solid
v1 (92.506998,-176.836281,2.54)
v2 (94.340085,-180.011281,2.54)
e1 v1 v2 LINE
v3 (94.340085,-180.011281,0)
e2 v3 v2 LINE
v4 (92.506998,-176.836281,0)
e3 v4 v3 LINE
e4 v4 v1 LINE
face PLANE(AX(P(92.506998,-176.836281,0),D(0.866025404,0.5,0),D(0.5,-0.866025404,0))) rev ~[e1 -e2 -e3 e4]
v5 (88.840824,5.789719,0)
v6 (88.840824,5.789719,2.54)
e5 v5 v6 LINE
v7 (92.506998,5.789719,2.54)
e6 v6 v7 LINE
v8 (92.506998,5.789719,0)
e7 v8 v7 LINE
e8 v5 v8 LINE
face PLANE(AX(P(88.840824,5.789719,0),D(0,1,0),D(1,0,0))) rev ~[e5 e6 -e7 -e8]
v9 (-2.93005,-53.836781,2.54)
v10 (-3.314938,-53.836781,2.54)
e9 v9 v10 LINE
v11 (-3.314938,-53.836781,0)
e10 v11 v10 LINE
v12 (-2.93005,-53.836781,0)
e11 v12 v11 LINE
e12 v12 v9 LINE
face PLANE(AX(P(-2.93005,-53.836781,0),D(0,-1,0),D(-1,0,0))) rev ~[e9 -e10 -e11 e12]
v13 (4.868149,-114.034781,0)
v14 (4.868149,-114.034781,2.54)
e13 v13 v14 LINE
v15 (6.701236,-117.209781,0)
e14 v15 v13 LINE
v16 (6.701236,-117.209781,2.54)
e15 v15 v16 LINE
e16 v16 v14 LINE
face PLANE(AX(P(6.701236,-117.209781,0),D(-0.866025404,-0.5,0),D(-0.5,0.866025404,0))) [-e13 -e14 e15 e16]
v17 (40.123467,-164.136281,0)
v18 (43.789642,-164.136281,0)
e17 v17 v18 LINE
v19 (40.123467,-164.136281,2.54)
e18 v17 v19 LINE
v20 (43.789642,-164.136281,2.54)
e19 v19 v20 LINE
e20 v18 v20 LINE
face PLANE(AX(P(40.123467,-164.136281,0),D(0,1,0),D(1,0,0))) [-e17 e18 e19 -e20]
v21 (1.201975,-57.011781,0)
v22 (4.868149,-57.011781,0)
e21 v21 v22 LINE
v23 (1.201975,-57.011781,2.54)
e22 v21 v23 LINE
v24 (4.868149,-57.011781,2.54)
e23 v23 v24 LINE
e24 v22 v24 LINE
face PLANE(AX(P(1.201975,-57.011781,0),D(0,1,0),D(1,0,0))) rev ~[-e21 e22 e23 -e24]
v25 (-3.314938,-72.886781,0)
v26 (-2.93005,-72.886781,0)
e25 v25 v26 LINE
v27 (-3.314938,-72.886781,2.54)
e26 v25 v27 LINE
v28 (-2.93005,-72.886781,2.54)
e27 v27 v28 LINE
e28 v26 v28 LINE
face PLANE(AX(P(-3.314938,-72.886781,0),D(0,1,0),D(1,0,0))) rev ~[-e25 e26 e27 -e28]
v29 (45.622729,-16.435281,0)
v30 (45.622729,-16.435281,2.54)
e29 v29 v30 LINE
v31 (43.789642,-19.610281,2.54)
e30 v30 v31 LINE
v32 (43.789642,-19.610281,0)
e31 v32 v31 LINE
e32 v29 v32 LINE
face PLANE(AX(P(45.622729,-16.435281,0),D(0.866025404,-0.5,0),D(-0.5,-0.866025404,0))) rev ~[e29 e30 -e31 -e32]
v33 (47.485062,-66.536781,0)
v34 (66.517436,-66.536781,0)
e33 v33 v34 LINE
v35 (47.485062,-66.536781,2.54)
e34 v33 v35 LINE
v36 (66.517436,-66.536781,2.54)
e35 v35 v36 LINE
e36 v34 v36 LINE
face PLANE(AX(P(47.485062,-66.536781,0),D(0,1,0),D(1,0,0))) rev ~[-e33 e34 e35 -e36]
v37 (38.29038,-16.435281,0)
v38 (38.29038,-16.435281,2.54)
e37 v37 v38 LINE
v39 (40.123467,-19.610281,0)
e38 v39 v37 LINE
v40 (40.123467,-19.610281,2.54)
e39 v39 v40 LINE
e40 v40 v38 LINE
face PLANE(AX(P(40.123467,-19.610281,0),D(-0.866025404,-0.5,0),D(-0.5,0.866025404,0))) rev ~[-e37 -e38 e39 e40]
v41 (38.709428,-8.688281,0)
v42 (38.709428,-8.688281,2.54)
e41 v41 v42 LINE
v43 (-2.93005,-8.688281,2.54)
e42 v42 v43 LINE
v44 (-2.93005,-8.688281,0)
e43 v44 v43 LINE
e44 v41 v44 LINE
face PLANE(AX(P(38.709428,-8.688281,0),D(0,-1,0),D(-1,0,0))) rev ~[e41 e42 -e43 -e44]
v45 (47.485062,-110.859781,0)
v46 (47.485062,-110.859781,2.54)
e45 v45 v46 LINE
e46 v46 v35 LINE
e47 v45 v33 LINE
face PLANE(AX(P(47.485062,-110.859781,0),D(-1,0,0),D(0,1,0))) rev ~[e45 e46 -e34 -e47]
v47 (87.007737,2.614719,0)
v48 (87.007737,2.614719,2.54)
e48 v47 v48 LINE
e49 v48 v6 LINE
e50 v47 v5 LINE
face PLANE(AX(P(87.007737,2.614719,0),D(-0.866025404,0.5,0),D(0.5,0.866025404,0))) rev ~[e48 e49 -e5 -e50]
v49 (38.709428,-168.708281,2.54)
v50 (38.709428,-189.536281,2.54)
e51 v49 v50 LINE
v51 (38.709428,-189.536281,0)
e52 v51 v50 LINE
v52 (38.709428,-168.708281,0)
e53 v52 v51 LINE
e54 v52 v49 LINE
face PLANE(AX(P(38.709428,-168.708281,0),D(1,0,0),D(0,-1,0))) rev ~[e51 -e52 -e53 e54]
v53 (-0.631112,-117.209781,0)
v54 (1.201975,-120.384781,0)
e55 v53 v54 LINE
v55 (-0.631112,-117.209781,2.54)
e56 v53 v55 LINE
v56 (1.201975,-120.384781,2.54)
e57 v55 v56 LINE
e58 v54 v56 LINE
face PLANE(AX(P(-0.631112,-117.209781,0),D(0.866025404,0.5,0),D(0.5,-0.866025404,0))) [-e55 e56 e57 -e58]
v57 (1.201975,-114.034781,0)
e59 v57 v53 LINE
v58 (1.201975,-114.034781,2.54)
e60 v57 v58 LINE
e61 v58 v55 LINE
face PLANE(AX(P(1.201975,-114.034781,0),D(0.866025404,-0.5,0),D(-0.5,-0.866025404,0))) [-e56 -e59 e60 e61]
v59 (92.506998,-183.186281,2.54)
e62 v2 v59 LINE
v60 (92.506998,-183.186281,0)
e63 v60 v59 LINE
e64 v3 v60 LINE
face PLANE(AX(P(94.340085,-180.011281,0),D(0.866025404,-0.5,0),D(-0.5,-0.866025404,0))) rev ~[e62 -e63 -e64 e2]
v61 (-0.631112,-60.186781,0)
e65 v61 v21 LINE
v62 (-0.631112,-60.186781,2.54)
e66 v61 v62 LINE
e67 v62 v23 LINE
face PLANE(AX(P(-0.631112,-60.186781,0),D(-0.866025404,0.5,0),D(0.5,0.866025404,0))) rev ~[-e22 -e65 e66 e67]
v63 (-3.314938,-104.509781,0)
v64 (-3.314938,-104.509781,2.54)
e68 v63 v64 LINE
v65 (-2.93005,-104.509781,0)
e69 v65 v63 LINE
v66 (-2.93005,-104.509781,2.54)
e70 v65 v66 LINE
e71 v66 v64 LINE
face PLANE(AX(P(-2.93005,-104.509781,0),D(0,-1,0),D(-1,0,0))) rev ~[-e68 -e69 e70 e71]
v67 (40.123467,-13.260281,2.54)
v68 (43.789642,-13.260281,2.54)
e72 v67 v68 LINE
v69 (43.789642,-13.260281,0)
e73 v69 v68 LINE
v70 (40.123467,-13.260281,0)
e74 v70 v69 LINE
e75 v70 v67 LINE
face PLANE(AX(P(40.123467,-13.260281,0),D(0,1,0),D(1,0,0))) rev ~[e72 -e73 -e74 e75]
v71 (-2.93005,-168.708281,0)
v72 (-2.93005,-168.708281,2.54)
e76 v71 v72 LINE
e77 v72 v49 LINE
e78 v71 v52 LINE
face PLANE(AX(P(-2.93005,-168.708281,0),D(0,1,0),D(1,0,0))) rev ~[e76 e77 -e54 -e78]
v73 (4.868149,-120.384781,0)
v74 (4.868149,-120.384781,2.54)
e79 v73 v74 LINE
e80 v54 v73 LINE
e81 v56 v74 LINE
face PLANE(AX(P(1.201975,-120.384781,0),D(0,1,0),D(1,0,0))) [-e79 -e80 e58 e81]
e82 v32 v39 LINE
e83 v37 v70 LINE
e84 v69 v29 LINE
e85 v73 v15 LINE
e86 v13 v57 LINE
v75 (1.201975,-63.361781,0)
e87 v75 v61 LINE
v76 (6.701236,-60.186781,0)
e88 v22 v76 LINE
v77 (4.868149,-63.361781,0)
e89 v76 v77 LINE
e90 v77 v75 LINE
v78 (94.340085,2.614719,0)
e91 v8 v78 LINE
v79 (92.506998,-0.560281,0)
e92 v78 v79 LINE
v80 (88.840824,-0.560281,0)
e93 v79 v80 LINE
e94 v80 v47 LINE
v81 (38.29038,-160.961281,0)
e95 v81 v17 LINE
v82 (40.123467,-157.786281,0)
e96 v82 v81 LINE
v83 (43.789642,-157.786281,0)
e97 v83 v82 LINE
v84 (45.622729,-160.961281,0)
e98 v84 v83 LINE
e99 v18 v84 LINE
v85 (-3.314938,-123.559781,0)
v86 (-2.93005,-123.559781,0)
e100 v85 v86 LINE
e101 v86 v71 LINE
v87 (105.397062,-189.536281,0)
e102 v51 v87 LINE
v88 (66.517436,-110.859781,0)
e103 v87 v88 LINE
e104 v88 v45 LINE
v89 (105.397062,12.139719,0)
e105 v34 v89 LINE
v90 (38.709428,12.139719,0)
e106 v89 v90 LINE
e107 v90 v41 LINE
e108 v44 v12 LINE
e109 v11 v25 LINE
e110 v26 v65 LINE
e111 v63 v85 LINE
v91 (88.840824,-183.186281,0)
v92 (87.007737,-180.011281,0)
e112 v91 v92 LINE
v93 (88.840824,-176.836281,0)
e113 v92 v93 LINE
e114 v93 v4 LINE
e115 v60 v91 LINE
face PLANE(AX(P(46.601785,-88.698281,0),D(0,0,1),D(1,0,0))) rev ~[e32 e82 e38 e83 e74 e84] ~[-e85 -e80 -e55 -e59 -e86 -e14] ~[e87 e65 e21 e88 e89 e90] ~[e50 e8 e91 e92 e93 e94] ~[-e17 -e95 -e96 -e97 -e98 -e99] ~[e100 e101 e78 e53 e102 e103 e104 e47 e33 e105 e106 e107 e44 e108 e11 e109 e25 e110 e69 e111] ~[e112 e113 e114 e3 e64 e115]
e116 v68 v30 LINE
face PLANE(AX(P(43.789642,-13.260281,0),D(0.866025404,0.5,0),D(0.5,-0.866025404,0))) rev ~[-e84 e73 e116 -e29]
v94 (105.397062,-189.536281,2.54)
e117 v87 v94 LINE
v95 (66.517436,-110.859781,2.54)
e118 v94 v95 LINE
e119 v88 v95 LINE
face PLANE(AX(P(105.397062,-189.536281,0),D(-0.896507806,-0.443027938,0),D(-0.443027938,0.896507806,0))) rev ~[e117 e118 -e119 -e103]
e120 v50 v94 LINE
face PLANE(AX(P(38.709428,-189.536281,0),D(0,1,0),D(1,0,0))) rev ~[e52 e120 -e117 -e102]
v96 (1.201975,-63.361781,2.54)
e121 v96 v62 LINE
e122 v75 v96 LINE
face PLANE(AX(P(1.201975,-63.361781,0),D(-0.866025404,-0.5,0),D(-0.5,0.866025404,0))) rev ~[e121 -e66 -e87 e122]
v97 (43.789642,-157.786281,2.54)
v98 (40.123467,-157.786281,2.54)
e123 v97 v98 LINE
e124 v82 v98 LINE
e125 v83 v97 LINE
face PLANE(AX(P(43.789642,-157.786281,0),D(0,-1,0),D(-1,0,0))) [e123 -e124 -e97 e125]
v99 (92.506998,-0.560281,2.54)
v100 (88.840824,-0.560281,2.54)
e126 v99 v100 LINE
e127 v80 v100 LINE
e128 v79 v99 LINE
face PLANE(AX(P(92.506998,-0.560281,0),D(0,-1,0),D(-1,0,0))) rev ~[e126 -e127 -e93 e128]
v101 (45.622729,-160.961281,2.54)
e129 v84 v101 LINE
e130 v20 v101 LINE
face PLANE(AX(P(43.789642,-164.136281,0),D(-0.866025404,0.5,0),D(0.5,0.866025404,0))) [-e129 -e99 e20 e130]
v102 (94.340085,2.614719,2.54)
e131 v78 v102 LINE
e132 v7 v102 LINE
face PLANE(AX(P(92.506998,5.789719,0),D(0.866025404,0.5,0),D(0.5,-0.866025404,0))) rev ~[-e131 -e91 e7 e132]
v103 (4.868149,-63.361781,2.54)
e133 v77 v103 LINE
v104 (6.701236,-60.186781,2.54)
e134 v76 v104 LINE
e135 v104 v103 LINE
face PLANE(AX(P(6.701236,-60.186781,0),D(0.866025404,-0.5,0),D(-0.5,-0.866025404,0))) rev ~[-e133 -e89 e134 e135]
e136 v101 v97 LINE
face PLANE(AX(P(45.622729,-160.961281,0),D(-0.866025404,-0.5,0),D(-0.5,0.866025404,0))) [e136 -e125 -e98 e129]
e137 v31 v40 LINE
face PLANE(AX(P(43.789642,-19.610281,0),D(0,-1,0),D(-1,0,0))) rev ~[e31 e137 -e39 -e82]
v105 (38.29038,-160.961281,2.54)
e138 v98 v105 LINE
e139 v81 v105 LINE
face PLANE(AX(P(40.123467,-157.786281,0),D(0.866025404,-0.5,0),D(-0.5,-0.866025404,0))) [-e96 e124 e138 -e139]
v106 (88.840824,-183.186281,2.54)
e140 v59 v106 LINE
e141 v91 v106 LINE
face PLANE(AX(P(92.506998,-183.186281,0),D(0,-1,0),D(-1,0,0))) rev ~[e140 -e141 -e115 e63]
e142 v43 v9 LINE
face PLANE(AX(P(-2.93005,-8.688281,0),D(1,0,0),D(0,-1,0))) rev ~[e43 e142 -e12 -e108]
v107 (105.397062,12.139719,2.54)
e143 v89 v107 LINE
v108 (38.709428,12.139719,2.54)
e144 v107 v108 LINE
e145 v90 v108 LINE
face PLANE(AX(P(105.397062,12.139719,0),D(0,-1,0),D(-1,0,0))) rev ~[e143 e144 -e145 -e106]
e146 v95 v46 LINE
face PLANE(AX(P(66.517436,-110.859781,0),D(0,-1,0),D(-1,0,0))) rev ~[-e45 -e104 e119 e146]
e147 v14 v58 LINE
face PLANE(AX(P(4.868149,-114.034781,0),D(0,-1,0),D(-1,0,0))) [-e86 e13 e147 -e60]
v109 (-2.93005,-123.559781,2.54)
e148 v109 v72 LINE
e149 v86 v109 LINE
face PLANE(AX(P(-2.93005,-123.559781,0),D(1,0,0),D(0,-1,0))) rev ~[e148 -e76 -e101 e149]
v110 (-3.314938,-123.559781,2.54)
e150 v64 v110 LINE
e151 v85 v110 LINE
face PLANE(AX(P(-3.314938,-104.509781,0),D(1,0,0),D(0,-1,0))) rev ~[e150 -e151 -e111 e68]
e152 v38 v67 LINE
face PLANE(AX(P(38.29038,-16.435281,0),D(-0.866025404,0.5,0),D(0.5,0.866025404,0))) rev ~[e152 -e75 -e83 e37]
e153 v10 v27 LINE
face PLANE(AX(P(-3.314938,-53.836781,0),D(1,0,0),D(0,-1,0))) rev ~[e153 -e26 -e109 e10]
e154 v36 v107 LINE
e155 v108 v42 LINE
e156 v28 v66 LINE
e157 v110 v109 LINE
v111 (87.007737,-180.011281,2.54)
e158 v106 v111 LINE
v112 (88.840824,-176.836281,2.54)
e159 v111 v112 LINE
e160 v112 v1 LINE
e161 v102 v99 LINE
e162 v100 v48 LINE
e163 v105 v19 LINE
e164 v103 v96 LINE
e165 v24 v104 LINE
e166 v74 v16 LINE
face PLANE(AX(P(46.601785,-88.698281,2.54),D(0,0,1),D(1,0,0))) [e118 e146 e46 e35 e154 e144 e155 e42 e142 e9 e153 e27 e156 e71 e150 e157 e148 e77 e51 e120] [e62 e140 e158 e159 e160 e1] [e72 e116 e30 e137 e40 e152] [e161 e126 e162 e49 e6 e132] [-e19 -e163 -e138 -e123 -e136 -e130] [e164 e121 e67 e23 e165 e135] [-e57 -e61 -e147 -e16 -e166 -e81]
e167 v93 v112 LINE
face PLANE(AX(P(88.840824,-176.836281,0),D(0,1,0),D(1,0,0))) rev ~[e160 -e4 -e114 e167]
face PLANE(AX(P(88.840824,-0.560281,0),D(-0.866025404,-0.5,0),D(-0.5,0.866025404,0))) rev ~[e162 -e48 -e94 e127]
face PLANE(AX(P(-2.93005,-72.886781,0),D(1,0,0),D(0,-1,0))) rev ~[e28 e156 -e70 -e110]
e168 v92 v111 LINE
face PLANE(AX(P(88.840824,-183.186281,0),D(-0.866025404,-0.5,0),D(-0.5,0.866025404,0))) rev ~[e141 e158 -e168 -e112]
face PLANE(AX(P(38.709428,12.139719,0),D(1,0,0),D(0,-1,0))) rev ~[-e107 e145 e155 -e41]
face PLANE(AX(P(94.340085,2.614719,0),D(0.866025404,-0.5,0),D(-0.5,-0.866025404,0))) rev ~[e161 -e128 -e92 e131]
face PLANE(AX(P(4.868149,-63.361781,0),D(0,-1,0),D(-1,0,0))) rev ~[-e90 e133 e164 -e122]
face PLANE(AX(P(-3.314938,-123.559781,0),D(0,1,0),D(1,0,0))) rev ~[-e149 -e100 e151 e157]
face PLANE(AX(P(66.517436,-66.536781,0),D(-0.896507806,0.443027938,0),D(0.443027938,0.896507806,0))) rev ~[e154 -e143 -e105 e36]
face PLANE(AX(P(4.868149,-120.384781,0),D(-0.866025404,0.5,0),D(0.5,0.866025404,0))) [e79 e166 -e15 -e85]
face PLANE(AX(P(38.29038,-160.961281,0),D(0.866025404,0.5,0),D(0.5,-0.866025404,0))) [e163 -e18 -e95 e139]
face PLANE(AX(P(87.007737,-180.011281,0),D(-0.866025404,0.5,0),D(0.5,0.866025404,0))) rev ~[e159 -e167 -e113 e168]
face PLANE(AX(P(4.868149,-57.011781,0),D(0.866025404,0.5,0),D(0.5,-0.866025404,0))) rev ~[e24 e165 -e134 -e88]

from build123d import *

# Parameters (mm, degrees)
BOSS_EXTRUDE1_DEPTH = 2.54


with BuildPart() as part:
    # Sketch1 → Boss-Extrude1 (new body)
    with BuildSketch(Plane.XY):
        Polygon((-2.930050059, -104.509781075), (-3.314938219, -104.509781075), (-3.314938219, -110.859781075), (-3.314938219, -123.559781075), (-2.930050059, -123.559781075), (-2.930050059, -168.708281075), (38.709428475, -168.708281075), (38.709428475, -189.536281075), (105.397061781, -189.536281075), (66.517436481, -110.859781075), (47.485061781, -110.859781075), (47.485061781, -104.509781075), (47.485061781, -72.886781075), (47.485061781, -66.536781075), (66.517436481, -66.536781075), (105.397061781, 12.139718925), (38.709428475, 12.139718925), (38.709428475, -8.688281075), (-2.930050059, -8.688281075), (-2.930050059, -53.836781075), (-3.314938219, -53.836781075), (-3.314938219, -66.536781075), (-3.314938219, -72.886781075), (-2.930050059, -72.886781075), align=None)
        Polygon((4.868148885, -57.011781075), (6.70123599, -60.186781075), (4.868148885, -63.361781075), (1.201974676, -63.361781075), (-0.631112429, -60.186781075), (1.201974676, -57.011781075), align=None, mode=Mode.SUBTRACT)
        Polygon((45.622728689, -160.961281075), (43.789641585, -157.786281075), (40.123467375, -157.786281075), (38.290380271, -160.961281075), (40.123467375, -164.136281075), (43.789641585, -164.136281075), align=None, mode=Mode.SUBTRACT)
        Polygon((92.506998247, -183.186281075), (88.840824038, -183.186281075), (87.007736933, -180.011281075), (88.840824038, -176.836281075), (92.506998247, -176.836281075), (94.340085352, -180.011281075), align=None, mode=Mode.SUBTRACT)
        Polygon((88.840824038, -0.560281075), (87.007736933, 2.614718925), (88.840824038, 5.789718925), (92.506998247, 5.789718925), (94.340085352, 2.614718925), (92.506998247, -0.560281075), align=None, mode=Mode.SUBTRACT)
        Polygon((43.789641585, -13.260281075), (45.622728689, -16.435281075), (43.789641585, -19.610281075), (40.123467375, -19.610281075), (38.290380271, -16.435281075), (40.123467375, -13.260281075), align=None, mode=Mode.SUBTRACT)
        Polygon((1.201974676, -120.384781075), (4.868148885, -120.384781075), (6.70123599, -117.209781075), (4.868148885, -114.034781075), (1.201974676, -114.034781075), (-0.631112429, -117.209781075), align=None, mode=Mode.SUBTRACT)
    extrude(amount=BOSS_EXTRUDE1_DEPTH)


solid = part.part
